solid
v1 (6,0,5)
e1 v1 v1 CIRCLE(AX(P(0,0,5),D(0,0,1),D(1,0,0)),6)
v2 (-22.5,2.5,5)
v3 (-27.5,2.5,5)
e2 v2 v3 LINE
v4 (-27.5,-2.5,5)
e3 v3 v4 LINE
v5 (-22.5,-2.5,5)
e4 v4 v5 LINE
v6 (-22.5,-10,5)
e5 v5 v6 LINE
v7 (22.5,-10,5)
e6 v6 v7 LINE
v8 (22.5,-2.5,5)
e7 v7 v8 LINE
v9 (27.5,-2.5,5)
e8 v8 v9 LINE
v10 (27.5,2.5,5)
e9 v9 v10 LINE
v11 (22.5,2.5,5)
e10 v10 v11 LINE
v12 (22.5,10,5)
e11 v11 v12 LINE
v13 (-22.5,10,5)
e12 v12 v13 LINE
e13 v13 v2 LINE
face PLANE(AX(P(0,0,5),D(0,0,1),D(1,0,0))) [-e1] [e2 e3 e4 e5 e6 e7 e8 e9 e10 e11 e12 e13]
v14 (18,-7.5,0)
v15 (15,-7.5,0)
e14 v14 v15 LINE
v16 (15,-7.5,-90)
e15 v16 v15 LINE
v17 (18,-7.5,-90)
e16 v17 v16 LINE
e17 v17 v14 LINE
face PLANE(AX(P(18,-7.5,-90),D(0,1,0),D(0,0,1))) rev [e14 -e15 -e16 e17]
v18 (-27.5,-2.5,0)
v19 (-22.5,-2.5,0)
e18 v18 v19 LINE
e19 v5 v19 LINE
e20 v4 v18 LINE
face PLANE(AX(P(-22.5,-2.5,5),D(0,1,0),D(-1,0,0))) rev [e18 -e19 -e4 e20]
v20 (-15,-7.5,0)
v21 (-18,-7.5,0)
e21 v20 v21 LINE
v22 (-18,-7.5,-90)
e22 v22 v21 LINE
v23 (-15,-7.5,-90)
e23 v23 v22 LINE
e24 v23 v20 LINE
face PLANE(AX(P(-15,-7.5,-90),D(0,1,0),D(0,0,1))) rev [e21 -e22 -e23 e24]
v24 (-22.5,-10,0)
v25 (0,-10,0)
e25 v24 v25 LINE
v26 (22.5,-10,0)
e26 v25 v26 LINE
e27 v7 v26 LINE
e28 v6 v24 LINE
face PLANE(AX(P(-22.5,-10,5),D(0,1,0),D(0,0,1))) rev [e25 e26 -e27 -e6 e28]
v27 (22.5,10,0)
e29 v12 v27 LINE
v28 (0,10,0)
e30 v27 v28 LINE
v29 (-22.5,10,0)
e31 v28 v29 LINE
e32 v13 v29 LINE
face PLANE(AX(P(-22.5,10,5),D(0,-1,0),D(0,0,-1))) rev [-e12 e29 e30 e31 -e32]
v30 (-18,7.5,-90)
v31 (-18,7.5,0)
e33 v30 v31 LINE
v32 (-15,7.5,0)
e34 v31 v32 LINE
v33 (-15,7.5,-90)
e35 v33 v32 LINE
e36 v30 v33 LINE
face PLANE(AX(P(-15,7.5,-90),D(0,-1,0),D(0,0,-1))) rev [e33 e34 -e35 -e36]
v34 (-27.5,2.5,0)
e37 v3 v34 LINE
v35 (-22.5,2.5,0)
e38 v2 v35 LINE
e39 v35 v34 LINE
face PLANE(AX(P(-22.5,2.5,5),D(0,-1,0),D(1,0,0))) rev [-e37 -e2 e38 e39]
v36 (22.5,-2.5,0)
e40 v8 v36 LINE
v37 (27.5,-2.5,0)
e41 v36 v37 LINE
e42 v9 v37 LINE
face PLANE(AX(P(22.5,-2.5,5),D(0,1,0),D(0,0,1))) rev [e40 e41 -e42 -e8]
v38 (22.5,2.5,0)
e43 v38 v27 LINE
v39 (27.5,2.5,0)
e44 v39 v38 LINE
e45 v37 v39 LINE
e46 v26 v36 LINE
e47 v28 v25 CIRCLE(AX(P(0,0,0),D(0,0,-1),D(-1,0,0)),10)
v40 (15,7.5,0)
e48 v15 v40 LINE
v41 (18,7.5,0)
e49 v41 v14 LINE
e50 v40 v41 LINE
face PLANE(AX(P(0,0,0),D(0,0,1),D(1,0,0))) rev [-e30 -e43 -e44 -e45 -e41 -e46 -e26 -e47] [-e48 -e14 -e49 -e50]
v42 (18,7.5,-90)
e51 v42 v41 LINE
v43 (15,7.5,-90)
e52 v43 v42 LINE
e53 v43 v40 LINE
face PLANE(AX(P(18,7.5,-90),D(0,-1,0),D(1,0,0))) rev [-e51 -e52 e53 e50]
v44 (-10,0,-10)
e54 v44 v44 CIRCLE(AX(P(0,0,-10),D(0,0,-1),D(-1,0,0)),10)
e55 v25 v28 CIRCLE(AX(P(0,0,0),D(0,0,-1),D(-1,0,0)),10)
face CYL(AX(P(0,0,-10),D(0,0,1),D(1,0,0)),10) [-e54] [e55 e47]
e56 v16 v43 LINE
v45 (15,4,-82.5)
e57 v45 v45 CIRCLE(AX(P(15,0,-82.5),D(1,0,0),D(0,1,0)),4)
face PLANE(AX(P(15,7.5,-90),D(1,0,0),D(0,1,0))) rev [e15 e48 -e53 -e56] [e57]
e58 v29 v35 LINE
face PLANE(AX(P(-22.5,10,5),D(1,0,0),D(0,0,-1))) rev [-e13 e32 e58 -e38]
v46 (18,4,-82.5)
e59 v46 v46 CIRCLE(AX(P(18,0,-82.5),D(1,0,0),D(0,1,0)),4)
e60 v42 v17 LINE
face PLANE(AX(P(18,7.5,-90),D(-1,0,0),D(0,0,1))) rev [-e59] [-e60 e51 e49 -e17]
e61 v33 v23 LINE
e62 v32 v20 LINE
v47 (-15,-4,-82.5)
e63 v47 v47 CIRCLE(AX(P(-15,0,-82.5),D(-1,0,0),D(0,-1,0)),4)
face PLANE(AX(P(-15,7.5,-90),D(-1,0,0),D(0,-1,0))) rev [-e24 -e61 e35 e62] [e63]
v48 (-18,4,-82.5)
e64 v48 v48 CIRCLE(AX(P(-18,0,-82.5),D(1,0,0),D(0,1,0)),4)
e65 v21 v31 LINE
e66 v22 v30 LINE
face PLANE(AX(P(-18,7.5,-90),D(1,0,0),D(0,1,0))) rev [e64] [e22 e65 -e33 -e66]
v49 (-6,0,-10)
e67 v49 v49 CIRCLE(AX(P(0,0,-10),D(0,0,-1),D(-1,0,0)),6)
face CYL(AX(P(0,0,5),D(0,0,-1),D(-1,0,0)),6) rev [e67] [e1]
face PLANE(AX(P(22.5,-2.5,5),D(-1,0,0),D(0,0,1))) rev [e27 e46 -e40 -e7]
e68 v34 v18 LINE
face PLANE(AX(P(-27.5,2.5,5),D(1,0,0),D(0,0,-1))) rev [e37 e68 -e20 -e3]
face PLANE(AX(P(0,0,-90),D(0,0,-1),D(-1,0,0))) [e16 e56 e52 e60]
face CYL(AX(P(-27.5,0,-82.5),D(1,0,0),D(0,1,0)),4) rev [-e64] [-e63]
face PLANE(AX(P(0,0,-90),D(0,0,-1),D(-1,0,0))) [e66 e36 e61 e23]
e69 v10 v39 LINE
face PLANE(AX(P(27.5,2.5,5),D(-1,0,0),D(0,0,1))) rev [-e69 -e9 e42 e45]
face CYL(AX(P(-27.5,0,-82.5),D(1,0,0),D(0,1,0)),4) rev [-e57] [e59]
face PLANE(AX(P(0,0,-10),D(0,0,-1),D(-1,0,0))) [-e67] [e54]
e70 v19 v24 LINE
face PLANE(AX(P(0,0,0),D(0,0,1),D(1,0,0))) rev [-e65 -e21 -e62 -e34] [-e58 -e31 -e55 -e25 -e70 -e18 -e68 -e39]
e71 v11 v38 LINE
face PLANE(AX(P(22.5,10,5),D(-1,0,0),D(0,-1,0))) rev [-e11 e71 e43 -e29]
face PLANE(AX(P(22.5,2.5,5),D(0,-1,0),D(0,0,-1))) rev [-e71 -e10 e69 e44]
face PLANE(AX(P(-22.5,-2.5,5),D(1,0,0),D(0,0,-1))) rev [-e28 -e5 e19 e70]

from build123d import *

# Parameters (mm, degrees)
SKETCH_1_R          = 6
EXTRUDE_1_DEPTH     = 5
SKETCH_2_W          = 3
SKETCH_2_H          = 15
EXTRUDE_2_DEPTH     = 90
SKETCH_4_R          = 4
CUT_EXTRUDE_1_DEPTH = 46.5
SKETCH_5_R          = 10
SKETCH_5_R_2        = 6
EXTRUDE_3_DEPTH     = 10


with BuildPart() as part:
    # 草圖1 → 填料-伸長1 (new body)
    with BuildSketch(Plane.XY):
        Polygon((-22.5, -2.5), (-22.5, -10), (22.5, -10), (22.5, -2.5), (27.5, -2.5), (27.5, 2.5), (22.5, 2.5), (22.5, 10), (-22.5, 10), (-22.5, 2.5), (-27.5, 2.5), (-27.5, -2.5), align=None)
        Circle(SKETCH_1_R, mode=Mode.SUBTRACT)
    extrude(amount=EXTRUDE_1_DEPTH)

    # 草圖2 → 填料-伸長2 (add)
    with BuildSketch(Plane(origin=(0, 0, 0), x_dir=(-1, 0, 0), z_dir=(0, 0, -1))):
        with Locations((-16.5, 0)):
            Rectangle(SKETCH_2_W, SKETCH_2_H)
        with Locations((16.5, 0)):
            Rectangle(SKETCH_2_W, SKETCH_2_H)
    extrude(amount=EXTRUDE_2_DEPTH)

    # 草圖4 → 除料-伸長1 (cut, through all)
    with BuildSketch(Plane(origin=(18, 0, 0), x_dir=(0, 0, -1), z_dir=(1, 0, 0))):
        with Locations((82.5, 0)):
            Circle(SKETCH_4_R)
    extrude(amount=-CUT_EXTRUDE_1_DEPTH, mode=Mode.SUBTRACT)

    # 草圖5 → 填料-伸長3 (add)
    with BuildSketch(Plane(origin=(0, 0, 0), x_dir=(-1, 0, 0), z_dir=(0, 0, -1))):
        Circle(SKETCH_5_R)
        Circle(SKETCH_5_R_2, mode=Mode.SUBTRACT)
    extrude(amount=EXTRUDE_3_DEPTH)


solid = part.part
